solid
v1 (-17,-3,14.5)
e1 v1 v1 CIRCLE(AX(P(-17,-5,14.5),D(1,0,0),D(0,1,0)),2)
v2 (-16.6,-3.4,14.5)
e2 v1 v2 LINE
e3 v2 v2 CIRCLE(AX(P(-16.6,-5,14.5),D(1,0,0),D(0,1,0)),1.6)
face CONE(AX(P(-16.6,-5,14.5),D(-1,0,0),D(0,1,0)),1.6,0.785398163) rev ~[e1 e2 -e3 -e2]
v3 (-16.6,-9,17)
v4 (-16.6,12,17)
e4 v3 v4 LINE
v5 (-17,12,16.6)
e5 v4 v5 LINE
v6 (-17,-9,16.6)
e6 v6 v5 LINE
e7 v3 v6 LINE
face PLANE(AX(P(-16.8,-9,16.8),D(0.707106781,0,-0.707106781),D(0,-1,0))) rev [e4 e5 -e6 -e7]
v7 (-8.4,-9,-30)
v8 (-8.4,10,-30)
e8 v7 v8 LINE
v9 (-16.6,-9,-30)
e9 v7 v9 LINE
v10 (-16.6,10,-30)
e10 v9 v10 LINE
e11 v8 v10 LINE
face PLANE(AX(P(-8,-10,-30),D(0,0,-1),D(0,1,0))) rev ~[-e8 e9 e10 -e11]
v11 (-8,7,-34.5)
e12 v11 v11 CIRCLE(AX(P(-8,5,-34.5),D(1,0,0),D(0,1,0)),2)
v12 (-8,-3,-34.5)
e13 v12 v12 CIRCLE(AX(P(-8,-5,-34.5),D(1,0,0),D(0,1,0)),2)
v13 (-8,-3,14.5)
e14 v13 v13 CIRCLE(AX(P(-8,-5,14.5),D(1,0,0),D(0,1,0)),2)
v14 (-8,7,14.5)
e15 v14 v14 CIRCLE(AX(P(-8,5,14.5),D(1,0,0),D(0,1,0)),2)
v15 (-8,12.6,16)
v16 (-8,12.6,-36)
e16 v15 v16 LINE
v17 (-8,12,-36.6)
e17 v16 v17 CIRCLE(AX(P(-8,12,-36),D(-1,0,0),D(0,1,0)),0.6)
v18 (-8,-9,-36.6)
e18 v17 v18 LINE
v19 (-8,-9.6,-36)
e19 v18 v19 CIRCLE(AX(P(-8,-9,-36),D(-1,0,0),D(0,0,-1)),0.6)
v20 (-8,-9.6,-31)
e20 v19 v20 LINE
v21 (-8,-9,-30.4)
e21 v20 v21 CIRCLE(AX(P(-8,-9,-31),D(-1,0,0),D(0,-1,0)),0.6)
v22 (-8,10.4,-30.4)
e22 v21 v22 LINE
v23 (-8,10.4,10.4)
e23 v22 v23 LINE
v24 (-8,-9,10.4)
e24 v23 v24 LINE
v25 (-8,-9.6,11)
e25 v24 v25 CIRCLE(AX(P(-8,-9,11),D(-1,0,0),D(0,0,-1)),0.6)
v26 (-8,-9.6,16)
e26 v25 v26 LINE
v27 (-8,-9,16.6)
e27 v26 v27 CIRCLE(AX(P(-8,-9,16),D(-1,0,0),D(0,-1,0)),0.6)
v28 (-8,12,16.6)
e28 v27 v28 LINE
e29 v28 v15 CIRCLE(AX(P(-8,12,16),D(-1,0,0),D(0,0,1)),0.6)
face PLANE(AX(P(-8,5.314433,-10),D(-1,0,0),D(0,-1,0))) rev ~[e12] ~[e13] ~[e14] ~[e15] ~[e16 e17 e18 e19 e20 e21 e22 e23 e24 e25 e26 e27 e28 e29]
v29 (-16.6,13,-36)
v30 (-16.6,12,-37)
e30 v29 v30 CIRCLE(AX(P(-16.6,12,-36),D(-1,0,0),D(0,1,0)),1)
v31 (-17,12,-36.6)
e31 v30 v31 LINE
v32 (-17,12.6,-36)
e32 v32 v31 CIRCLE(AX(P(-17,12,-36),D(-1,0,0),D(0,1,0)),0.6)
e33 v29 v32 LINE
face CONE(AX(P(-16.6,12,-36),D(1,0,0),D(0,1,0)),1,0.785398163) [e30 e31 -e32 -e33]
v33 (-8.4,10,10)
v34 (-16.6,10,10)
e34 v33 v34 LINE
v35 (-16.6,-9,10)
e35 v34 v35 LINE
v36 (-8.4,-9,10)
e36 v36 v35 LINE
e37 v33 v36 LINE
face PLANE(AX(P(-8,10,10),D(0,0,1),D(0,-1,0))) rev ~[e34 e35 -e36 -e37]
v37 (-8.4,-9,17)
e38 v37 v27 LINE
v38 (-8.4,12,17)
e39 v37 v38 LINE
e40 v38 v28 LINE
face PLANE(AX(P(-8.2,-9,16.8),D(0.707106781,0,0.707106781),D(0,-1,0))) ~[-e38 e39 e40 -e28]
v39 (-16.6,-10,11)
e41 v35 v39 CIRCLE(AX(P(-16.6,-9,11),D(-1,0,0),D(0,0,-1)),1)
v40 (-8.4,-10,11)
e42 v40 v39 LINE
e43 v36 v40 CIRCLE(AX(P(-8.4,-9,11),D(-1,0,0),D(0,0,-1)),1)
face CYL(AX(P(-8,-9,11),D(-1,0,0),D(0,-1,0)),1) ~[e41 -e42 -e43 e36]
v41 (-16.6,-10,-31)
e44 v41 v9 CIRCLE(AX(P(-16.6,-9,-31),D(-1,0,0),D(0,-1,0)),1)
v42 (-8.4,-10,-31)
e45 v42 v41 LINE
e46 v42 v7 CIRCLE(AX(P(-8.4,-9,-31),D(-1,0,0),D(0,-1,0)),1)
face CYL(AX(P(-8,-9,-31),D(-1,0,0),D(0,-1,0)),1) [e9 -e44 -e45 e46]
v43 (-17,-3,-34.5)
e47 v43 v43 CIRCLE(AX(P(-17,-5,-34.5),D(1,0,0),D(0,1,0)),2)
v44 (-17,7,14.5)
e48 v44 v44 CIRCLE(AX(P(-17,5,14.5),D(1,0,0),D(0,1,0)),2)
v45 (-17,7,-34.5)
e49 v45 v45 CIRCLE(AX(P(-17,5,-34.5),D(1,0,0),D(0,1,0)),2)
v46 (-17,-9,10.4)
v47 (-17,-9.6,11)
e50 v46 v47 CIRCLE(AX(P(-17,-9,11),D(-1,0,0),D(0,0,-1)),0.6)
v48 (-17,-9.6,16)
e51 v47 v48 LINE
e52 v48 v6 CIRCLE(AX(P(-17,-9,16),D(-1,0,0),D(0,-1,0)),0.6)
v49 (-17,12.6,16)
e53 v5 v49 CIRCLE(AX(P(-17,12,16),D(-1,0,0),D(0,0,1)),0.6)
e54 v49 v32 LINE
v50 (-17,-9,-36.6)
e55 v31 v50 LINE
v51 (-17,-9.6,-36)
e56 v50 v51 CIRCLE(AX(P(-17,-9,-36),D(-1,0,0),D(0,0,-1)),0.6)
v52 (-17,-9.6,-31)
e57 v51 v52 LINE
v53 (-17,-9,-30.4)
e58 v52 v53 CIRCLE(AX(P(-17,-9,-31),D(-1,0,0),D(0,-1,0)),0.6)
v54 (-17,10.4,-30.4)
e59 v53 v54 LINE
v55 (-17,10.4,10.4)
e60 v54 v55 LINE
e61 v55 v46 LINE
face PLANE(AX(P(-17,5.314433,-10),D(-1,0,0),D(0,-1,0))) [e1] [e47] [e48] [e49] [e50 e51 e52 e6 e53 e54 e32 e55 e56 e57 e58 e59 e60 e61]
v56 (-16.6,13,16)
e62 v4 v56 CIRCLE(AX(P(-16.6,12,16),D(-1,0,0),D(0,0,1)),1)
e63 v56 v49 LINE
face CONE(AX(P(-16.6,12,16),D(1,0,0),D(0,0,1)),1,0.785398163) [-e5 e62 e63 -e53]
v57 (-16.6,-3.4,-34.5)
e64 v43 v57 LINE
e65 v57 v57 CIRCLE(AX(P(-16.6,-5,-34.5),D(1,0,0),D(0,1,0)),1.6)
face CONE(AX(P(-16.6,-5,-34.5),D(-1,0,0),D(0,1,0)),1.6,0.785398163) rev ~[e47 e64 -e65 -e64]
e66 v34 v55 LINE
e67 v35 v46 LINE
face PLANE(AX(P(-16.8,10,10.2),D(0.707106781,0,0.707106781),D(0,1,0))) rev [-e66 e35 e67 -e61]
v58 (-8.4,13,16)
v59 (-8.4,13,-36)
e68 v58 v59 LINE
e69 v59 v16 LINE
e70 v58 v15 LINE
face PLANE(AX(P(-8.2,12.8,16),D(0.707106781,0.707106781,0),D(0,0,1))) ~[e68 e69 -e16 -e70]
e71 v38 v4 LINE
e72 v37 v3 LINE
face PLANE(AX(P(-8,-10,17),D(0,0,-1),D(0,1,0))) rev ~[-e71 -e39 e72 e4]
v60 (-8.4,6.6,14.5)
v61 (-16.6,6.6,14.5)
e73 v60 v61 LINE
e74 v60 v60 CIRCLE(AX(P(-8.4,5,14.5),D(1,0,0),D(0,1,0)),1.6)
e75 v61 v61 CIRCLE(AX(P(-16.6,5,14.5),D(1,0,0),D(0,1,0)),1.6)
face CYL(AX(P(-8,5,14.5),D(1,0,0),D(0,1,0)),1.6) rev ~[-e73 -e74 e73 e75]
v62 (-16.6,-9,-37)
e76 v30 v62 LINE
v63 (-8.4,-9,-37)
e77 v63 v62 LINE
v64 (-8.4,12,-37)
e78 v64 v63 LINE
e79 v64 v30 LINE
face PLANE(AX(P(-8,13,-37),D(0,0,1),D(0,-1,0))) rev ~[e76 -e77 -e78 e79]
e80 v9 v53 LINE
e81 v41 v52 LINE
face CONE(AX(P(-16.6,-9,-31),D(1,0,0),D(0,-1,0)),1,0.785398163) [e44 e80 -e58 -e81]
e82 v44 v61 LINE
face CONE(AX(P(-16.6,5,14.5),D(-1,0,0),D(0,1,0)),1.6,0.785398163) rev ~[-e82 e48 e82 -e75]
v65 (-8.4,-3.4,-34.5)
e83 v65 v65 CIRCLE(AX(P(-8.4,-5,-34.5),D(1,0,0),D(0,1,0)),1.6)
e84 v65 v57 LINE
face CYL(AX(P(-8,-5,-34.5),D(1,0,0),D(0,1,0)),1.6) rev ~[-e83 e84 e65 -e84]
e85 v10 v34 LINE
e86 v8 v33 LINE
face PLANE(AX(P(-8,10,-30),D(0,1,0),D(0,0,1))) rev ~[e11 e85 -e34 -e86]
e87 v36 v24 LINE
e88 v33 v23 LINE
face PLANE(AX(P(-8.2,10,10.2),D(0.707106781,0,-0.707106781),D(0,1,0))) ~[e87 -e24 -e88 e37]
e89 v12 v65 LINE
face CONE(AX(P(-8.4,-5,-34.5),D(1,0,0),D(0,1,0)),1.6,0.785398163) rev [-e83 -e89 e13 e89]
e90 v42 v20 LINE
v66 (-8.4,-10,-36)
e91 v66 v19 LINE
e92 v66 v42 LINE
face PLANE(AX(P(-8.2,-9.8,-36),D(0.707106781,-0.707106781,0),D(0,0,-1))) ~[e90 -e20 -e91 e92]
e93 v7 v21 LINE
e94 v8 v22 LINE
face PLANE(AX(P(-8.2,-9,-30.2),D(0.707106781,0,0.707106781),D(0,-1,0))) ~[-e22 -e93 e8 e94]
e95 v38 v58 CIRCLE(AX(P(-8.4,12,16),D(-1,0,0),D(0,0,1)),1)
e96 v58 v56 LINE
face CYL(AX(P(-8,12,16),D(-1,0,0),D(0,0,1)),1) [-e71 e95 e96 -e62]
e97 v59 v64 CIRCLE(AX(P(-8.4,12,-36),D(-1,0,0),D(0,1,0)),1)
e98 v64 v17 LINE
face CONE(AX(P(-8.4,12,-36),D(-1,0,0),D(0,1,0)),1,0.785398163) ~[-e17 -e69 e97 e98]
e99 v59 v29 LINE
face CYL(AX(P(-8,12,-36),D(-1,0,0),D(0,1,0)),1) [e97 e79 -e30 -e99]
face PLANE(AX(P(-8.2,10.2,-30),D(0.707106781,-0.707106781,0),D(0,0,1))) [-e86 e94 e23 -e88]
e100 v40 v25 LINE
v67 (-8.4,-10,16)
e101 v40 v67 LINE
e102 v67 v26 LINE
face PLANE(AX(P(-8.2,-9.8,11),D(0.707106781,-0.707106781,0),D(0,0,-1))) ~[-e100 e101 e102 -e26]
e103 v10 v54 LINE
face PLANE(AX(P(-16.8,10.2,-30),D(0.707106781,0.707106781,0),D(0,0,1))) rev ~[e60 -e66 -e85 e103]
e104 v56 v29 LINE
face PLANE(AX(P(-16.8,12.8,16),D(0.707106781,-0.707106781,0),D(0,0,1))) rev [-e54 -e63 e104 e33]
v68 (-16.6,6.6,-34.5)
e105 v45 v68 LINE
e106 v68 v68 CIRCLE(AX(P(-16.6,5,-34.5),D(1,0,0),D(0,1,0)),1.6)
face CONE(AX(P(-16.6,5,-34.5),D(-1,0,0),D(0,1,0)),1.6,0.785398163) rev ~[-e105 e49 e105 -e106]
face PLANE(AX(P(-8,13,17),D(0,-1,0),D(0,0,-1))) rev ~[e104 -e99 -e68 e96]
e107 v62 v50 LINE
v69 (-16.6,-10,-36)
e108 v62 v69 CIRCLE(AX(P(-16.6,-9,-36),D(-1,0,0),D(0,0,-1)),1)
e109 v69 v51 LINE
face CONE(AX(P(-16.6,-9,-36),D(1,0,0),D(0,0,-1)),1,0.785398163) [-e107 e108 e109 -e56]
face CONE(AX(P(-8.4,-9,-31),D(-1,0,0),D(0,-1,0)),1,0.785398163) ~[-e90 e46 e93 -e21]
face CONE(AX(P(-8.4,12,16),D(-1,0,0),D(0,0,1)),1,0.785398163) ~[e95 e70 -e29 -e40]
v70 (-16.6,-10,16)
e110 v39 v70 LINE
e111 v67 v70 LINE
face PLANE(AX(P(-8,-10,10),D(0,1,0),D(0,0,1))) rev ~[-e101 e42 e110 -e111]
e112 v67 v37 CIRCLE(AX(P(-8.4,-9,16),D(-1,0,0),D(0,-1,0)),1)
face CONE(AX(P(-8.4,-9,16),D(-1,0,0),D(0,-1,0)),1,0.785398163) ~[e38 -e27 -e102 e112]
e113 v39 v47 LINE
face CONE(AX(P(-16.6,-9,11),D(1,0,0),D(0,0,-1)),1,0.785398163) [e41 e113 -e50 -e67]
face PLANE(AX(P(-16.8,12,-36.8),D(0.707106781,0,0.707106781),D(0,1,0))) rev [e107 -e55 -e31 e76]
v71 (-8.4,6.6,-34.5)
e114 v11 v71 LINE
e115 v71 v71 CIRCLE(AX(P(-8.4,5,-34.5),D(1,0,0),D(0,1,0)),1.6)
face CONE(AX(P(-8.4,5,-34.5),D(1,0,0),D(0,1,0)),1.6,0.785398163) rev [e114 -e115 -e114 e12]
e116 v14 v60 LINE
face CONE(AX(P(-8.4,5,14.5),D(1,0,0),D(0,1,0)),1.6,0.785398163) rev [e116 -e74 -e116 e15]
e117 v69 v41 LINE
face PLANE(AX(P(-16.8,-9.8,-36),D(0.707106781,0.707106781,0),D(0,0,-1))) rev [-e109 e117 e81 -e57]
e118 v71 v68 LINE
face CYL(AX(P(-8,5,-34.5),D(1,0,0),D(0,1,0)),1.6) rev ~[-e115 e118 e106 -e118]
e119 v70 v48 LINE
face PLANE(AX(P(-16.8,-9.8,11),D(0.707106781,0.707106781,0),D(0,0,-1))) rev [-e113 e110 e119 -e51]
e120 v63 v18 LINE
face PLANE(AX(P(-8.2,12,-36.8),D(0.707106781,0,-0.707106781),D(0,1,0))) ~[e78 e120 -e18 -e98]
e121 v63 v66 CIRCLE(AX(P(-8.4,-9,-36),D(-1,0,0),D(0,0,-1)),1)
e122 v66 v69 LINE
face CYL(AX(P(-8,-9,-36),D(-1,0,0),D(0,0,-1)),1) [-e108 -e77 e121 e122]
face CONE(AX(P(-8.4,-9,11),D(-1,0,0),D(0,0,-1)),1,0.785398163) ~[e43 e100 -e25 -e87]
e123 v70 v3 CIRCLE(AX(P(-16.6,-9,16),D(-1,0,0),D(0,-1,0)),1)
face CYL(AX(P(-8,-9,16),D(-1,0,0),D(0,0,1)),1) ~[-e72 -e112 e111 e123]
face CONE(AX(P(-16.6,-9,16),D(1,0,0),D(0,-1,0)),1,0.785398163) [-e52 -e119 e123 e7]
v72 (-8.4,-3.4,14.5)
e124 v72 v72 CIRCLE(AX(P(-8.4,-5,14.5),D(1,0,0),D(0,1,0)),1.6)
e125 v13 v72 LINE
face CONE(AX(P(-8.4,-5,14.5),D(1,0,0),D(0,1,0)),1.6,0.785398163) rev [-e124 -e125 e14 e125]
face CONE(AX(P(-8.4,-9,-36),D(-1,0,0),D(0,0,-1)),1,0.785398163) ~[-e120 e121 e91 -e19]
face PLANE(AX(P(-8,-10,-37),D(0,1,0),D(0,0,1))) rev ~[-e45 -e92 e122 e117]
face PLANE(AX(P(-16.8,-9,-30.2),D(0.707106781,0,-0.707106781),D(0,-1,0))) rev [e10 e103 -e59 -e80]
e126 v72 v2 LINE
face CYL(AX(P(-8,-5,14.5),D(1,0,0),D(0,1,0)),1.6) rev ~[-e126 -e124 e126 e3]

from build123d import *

# Parameters (mm, degrees)
SKETCH044_R     = 1.6
PAD025_DEPTH    = 9
FILLET013_R     = 1
CHAMFER007_SIZE = 0.4


with BuildPart() as part:
    # Sketch044 → Pad025 (new body)
    with BuildSketch(Plane.YZ):
        Polygon((-10, 17), (13, 17), (13, -37), (-10, -37), (-10, -30), (10, -30), (10, 10), (-10, 10), align=None)
        with Locations((-5, 14.5)):
            Circle(SKETCH044_R, mode=Mode.SUBTRACT)
        with Locations((5, 14.5)):
            Circle(SKETCH044_R, mode=Mode.SUBTRACT)
        with Locations((-5, -34.5)):
            Circle(SKETCH044_R, mode=Mode.SUBTRACT)
        with Locations((5, -34.5)):
            Circle(SKETCH044_R, mode=Mode.SUBTRACT)
    extrude(amount=-PAD025_DEPTH)

    # Fillet013
    fillet013_edges = [part.edges().sort_by_distance(p)[0] for p in [
        (-4.5, -10, 17),
        (-4.5, -10, 10),
        (-4.5, -10, -30),
        (-4.5, -10, -37),
        (-4.5, 13, -37),
        (-4.5, 13, 17),
    ]]
    fillet(fillet013_edges, radius=FILLET013_R)

    # Chamfer007
    chamfer007_edges = [part.edges().sort_by_distance(p)[0] for p in [
        (0, 1.5, 17),
        (0, -9.707107, 16.707107),
        (0, 12.707107, 16.707107),
        (0, -10, 13.5),
        (0, 13, -10),
        (0, -9.707107, 10.292893),
        (0, 12.707107, -36.707107),
        (0, 0.5, 10),
        (0, 1.5, -37),
        (0, 10, -10),
        (0, -9.707107, -36.707107),
        (0, 0.5, -30),
        (0, -10, -33.5),
        (0, -9.707107, -30.292893),
        (0, -6.6, 14.5),
        (0, 3.4, 14.5),
        (0, -6.6, -34.5),
        (0, 3.4, -34.5),
        (-9, 1.5, 17),
        (-9, -9.707107, 16.707107),
        (-9, 12.707107, 16.707107),
        (-9, -10, 13.5),
        (-9, 13, -10),
        (-9, -9.707107, 10.292893),
        (-9, 12.707107, -36.707107),
        (-9, 0.5, 10),
        (-9, 1.5, -37),
        (-9, 10, -10),
        (-9, -9.707107, -36.707107),
        (-9, 0.5, -30),
        (-9, -10, -33.5),
        (-9, -9.707107, -30.292893),
        (-9, -6.6, 14.5),
        (-9, 3.4, 14.5),
        (-9, -6.6, -34.5),
        (-9, 3.4, -34.5),
    ]]
    chamfer(chamfer007_edges, length=CHAMFER007_SIZE)


with BuildPart() as part_1:
    # Body025 placement: moved
    add(part.part.moved(Location((-8, 0, 0))))


solid = part_1.part
